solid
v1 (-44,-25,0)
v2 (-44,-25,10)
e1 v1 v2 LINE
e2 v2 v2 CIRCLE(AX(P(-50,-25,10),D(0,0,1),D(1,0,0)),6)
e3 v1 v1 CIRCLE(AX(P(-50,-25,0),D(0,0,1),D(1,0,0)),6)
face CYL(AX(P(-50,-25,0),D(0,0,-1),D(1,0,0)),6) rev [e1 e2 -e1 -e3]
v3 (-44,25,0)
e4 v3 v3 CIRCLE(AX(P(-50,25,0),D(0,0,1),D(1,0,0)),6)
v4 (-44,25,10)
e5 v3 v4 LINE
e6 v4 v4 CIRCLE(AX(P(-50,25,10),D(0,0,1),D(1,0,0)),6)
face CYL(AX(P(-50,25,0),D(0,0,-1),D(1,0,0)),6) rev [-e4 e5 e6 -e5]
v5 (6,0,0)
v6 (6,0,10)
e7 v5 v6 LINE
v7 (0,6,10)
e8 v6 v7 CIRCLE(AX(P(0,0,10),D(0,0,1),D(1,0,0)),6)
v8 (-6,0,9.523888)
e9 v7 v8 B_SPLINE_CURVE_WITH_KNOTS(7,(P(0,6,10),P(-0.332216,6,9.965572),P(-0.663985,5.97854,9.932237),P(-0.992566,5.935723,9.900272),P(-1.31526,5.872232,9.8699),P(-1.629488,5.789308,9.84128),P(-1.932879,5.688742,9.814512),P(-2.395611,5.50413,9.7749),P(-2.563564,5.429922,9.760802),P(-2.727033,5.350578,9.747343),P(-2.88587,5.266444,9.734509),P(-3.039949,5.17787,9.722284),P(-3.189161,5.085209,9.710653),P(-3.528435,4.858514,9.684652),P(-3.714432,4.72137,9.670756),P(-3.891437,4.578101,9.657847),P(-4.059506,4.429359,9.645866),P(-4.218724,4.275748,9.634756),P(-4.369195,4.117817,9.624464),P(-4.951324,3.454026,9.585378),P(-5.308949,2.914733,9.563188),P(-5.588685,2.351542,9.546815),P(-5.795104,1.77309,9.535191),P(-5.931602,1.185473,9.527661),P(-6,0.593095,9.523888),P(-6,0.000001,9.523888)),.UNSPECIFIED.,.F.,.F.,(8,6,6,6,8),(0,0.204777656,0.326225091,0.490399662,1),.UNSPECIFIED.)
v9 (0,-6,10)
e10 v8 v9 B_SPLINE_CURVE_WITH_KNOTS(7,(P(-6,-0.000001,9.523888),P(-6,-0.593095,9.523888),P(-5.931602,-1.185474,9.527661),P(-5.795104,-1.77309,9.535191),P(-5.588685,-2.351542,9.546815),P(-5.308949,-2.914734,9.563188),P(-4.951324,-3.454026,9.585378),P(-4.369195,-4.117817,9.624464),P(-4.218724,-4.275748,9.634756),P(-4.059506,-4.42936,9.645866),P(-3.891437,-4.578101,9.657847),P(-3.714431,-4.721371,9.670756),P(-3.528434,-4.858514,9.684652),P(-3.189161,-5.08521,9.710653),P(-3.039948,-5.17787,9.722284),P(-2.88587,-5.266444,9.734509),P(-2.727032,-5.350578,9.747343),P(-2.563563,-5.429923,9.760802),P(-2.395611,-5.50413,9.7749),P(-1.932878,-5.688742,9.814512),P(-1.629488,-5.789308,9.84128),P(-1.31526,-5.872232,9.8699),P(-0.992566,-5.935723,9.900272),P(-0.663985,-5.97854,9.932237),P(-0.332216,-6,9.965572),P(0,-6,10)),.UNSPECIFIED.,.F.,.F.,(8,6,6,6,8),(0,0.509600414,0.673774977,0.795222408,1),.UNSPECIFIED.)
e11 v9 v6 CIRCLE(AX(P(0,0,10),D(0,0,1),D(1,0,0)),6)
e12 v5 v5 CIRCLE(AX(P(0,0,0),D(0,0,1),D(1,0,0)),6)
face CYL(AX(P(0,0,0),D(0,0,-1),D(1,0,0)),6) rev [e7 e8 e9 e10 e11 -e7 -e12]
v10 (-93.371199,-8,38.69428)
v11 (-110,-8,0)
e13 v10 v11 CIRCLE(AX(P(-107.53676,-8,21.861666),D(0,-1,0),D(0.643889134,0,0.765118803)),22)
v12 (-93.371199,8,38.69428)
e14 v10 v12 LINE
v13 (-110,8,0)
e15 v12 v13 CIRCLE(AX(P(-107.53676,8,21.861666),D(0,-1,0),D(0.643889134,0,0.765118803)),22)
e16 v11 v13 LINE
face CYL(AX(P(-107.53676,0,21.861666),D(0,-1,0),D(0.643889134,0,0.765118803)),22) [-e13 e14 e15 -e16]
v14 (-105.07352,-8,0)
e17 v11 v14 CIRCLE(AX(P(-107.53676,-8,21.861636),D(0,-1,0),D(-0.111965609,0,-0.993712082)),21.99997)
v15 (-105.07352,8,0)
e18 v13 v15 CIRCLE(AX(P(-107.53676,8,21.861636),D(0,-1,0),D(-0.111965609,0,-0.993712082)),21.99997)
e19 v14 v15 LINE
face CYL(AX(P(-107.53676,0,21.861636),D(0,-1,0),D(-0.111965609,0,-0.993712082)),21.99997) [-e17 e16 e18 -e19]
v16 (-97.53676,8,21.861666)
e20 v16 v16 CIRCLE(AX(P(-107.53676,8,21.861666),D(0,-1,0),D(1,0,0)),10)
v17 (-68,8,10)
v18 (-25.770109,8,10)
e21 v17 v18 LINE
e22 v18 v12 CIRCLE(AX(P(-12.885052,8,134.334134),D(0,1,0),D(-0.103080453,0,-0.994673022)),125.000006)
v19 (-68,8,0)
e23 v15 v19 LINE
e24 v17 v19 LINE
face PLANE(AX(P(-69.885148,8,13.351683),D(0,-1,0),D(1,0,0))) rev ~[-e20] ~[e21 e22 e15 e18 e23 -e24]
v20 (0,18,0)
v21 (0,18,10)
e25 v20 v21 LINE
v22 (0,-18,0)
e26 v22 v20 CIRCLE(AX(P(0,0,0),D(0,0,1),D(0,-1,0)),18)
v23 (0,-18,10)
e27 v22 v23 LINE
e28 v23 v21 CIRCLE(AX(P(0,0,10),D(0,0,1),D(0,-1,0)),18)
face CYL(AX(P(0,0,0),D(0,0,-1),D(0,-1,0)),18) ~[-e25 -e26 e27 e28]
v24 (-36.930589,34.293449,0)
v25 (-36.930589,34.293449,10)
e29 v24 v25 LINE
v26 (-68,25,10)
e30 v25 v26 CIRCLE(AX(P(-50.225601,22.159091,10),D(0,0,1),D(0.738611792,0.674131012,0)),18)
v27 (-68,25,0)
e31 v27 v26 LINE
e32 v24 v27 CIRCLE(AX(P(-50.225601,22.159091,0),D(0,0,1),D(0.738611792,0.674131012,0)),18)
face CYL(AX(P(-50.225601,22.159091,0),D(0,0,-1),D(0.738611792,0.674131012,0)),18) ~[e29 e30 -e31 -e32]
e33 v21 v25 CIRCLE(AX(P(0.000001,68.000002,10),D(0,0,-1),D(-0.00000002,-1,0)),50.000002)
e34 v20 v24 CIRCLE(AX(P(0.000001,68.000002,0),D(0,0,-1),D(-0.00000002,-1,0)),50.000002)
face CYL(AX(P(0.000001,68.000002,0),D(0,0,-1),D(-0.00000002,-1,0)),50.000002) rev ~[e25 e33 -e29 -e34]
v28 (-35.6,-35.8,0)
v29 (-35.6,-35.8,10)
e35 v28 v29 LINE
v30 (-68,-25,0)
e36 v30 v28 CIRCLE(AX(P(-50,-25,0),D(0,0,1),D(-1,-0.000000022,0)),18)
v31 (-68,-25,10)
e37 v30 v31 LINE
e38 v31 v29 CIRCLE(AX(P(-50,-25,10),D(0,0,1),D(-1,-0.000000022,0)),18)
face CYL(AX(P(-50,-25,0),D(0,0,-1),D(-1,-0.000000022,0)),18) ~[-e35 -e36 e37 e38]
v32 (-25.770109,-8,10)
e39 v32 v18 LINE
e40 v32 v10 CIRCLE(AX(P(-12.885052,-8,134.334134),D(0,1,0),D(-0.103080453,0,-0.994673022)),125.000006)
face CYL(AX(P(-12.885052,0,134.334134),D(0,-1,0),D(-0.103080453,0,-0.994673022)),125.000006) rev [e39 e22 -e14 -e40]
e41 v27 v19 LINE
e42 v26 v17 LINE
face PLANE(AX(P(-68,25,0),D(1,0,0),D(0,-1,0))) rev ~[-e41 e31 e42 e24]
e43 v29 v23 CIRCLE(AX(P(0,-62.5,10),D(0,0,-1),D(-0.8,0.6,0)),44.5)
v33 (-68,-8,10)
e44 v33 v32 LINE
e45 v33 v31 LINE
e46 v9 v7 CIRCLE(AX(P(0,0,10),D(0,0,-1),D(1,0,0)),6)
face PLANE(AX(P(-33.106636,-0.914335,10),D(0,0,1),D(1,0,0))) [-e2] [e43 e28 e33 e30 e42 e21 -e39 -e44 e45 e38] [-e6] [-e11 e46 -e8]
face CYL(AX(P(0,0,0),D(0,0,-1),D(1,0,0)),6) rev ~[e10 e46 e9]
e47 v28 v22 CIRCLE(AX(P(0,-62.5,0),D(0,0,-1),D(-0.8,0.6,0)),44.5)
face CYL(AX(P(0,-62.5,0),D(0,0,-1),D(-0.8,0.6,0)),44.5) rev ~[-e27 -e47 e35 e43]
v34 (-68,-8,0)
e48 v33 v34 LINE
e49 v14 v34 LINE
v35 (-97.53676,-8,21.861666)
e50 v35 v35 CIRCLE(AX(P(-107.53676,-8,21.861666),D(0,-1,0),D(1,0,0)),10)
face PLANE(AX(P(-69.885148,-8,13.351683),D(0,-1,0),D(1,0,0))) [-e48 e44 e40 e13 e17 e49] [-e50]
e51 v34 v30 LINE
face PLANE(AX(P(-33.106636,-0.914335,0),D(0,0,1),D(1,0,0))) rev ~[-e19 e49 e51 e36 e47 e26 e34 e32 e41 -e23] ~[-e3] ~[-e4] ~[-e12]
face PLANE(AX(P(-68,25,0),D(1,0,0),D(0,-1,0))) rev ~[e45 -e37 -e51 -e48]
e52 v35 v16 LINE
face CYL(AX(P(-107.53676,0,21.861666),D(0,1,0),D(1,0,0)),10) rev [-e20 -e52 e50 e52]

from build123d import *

# Parameters (mm, degrees)
F0_R          = 6
F1_DEPTH      = 10
F2_R          = 10
F3_DEPTH      = 8
F3_DEPTH_BACK = 8
F4_R          = 6
F5_DEPTH      = 25


with BuildPart() as f1:
    # F0 (on Top) → F1 (new body)
    with BuildSketch(Plane.XY):
        with BuildLine():
            ThreePointArc((-35.6, -35.8), (-19.901005, -22.69799), (0, -18))
            ThreePointArc((0, -18), (18, 0), (0, 18))
            ThreePointArc((0, 18), (-20.182572, 22.254358), (-36.930589, 34.293449))
            ThreePointArc((-36.930589, 34.293449), (-55.383923, 39.40414), (-68, 25))
            Line((-68, 25), (-68, -25))
            ThreePointArc((-68, -25), (-55.6921, -42.076299), (-35.6, -35.8))
        make_face()
        with Locations((-50, -25)):
            Circle(F0_R, mode=Mode.SUBTRACT)
        with Locations((-50, 25)):
            Circle(F0_R, mode=Mode.SUBTRACT)
        Circle(F0_R, mode=Mode.SUBTRACT)
    extrude(amount=F1_DEPTH)

    # F2 (on Front) → F3 (join, two sides)
    with BuildSketch(Plane.XZ) as f3_sk:
        with BuildLine():
            Line((-105.07352, 0), (-6, 0))
            Line((-6, 0), (-6, 9.523888))
            ThreePointArc((-6, 9.523888), (-15.894485, 9.37036), (-25.770109, 10))
            ThreePointArc((-25.770109, 10), (-61.725464, 19.270605), (-93.371199, 38.69428))
            ThreePointArc((-93.371199, 38.69428), (-127.749328, 30.547983), (-110, 0))
            Line((-110, 0), (-105.07352, 0))
        make_face()
        with Locations((-107.53676, 21.861666)):
            Circle(F2_R, mode=Mode.SUBTRACT)
        with BuildLine():
            ThreePointArc((-25.770109, 10), (-15.894485, 9.37036), (-6, 9.523888))
            Line((-6, 9.523888), (-6, 10))
            Line((-6, 10), (-25.770109, 10))
        make_face()
        with BuildLine():
            Line((-6, 10), (-6, 9.523888))
            ThreePointArc((-6, 9.523888), (-2.997134, 9.725826), (0, 10))
            Line((0, 10), (-6, 10))
        make_face()
        with BuildLine():
            ThreePointArc((-110, 0), (-107.53676, -0.138334), (-105.07352, 0))
            Line((-105.07352, 0), (-110, 0))
        make_face()
    extrude(amount=F3_DEPTH)
    extrude(f3_sk.sketch, amount=-F3_DEPTH_BACK)

    # F4 (on face) → F5 (cut)
    with BuildSketch(Plane(origin=(0, 0, 0), x_dir=(1, 0, 0), z_dir=(0, 0, -1))):
        Circle(F4_R)
    extrude(amount=-F5_DEPTH, mode=Mode.SUBTRACT)


solid = f1.part
